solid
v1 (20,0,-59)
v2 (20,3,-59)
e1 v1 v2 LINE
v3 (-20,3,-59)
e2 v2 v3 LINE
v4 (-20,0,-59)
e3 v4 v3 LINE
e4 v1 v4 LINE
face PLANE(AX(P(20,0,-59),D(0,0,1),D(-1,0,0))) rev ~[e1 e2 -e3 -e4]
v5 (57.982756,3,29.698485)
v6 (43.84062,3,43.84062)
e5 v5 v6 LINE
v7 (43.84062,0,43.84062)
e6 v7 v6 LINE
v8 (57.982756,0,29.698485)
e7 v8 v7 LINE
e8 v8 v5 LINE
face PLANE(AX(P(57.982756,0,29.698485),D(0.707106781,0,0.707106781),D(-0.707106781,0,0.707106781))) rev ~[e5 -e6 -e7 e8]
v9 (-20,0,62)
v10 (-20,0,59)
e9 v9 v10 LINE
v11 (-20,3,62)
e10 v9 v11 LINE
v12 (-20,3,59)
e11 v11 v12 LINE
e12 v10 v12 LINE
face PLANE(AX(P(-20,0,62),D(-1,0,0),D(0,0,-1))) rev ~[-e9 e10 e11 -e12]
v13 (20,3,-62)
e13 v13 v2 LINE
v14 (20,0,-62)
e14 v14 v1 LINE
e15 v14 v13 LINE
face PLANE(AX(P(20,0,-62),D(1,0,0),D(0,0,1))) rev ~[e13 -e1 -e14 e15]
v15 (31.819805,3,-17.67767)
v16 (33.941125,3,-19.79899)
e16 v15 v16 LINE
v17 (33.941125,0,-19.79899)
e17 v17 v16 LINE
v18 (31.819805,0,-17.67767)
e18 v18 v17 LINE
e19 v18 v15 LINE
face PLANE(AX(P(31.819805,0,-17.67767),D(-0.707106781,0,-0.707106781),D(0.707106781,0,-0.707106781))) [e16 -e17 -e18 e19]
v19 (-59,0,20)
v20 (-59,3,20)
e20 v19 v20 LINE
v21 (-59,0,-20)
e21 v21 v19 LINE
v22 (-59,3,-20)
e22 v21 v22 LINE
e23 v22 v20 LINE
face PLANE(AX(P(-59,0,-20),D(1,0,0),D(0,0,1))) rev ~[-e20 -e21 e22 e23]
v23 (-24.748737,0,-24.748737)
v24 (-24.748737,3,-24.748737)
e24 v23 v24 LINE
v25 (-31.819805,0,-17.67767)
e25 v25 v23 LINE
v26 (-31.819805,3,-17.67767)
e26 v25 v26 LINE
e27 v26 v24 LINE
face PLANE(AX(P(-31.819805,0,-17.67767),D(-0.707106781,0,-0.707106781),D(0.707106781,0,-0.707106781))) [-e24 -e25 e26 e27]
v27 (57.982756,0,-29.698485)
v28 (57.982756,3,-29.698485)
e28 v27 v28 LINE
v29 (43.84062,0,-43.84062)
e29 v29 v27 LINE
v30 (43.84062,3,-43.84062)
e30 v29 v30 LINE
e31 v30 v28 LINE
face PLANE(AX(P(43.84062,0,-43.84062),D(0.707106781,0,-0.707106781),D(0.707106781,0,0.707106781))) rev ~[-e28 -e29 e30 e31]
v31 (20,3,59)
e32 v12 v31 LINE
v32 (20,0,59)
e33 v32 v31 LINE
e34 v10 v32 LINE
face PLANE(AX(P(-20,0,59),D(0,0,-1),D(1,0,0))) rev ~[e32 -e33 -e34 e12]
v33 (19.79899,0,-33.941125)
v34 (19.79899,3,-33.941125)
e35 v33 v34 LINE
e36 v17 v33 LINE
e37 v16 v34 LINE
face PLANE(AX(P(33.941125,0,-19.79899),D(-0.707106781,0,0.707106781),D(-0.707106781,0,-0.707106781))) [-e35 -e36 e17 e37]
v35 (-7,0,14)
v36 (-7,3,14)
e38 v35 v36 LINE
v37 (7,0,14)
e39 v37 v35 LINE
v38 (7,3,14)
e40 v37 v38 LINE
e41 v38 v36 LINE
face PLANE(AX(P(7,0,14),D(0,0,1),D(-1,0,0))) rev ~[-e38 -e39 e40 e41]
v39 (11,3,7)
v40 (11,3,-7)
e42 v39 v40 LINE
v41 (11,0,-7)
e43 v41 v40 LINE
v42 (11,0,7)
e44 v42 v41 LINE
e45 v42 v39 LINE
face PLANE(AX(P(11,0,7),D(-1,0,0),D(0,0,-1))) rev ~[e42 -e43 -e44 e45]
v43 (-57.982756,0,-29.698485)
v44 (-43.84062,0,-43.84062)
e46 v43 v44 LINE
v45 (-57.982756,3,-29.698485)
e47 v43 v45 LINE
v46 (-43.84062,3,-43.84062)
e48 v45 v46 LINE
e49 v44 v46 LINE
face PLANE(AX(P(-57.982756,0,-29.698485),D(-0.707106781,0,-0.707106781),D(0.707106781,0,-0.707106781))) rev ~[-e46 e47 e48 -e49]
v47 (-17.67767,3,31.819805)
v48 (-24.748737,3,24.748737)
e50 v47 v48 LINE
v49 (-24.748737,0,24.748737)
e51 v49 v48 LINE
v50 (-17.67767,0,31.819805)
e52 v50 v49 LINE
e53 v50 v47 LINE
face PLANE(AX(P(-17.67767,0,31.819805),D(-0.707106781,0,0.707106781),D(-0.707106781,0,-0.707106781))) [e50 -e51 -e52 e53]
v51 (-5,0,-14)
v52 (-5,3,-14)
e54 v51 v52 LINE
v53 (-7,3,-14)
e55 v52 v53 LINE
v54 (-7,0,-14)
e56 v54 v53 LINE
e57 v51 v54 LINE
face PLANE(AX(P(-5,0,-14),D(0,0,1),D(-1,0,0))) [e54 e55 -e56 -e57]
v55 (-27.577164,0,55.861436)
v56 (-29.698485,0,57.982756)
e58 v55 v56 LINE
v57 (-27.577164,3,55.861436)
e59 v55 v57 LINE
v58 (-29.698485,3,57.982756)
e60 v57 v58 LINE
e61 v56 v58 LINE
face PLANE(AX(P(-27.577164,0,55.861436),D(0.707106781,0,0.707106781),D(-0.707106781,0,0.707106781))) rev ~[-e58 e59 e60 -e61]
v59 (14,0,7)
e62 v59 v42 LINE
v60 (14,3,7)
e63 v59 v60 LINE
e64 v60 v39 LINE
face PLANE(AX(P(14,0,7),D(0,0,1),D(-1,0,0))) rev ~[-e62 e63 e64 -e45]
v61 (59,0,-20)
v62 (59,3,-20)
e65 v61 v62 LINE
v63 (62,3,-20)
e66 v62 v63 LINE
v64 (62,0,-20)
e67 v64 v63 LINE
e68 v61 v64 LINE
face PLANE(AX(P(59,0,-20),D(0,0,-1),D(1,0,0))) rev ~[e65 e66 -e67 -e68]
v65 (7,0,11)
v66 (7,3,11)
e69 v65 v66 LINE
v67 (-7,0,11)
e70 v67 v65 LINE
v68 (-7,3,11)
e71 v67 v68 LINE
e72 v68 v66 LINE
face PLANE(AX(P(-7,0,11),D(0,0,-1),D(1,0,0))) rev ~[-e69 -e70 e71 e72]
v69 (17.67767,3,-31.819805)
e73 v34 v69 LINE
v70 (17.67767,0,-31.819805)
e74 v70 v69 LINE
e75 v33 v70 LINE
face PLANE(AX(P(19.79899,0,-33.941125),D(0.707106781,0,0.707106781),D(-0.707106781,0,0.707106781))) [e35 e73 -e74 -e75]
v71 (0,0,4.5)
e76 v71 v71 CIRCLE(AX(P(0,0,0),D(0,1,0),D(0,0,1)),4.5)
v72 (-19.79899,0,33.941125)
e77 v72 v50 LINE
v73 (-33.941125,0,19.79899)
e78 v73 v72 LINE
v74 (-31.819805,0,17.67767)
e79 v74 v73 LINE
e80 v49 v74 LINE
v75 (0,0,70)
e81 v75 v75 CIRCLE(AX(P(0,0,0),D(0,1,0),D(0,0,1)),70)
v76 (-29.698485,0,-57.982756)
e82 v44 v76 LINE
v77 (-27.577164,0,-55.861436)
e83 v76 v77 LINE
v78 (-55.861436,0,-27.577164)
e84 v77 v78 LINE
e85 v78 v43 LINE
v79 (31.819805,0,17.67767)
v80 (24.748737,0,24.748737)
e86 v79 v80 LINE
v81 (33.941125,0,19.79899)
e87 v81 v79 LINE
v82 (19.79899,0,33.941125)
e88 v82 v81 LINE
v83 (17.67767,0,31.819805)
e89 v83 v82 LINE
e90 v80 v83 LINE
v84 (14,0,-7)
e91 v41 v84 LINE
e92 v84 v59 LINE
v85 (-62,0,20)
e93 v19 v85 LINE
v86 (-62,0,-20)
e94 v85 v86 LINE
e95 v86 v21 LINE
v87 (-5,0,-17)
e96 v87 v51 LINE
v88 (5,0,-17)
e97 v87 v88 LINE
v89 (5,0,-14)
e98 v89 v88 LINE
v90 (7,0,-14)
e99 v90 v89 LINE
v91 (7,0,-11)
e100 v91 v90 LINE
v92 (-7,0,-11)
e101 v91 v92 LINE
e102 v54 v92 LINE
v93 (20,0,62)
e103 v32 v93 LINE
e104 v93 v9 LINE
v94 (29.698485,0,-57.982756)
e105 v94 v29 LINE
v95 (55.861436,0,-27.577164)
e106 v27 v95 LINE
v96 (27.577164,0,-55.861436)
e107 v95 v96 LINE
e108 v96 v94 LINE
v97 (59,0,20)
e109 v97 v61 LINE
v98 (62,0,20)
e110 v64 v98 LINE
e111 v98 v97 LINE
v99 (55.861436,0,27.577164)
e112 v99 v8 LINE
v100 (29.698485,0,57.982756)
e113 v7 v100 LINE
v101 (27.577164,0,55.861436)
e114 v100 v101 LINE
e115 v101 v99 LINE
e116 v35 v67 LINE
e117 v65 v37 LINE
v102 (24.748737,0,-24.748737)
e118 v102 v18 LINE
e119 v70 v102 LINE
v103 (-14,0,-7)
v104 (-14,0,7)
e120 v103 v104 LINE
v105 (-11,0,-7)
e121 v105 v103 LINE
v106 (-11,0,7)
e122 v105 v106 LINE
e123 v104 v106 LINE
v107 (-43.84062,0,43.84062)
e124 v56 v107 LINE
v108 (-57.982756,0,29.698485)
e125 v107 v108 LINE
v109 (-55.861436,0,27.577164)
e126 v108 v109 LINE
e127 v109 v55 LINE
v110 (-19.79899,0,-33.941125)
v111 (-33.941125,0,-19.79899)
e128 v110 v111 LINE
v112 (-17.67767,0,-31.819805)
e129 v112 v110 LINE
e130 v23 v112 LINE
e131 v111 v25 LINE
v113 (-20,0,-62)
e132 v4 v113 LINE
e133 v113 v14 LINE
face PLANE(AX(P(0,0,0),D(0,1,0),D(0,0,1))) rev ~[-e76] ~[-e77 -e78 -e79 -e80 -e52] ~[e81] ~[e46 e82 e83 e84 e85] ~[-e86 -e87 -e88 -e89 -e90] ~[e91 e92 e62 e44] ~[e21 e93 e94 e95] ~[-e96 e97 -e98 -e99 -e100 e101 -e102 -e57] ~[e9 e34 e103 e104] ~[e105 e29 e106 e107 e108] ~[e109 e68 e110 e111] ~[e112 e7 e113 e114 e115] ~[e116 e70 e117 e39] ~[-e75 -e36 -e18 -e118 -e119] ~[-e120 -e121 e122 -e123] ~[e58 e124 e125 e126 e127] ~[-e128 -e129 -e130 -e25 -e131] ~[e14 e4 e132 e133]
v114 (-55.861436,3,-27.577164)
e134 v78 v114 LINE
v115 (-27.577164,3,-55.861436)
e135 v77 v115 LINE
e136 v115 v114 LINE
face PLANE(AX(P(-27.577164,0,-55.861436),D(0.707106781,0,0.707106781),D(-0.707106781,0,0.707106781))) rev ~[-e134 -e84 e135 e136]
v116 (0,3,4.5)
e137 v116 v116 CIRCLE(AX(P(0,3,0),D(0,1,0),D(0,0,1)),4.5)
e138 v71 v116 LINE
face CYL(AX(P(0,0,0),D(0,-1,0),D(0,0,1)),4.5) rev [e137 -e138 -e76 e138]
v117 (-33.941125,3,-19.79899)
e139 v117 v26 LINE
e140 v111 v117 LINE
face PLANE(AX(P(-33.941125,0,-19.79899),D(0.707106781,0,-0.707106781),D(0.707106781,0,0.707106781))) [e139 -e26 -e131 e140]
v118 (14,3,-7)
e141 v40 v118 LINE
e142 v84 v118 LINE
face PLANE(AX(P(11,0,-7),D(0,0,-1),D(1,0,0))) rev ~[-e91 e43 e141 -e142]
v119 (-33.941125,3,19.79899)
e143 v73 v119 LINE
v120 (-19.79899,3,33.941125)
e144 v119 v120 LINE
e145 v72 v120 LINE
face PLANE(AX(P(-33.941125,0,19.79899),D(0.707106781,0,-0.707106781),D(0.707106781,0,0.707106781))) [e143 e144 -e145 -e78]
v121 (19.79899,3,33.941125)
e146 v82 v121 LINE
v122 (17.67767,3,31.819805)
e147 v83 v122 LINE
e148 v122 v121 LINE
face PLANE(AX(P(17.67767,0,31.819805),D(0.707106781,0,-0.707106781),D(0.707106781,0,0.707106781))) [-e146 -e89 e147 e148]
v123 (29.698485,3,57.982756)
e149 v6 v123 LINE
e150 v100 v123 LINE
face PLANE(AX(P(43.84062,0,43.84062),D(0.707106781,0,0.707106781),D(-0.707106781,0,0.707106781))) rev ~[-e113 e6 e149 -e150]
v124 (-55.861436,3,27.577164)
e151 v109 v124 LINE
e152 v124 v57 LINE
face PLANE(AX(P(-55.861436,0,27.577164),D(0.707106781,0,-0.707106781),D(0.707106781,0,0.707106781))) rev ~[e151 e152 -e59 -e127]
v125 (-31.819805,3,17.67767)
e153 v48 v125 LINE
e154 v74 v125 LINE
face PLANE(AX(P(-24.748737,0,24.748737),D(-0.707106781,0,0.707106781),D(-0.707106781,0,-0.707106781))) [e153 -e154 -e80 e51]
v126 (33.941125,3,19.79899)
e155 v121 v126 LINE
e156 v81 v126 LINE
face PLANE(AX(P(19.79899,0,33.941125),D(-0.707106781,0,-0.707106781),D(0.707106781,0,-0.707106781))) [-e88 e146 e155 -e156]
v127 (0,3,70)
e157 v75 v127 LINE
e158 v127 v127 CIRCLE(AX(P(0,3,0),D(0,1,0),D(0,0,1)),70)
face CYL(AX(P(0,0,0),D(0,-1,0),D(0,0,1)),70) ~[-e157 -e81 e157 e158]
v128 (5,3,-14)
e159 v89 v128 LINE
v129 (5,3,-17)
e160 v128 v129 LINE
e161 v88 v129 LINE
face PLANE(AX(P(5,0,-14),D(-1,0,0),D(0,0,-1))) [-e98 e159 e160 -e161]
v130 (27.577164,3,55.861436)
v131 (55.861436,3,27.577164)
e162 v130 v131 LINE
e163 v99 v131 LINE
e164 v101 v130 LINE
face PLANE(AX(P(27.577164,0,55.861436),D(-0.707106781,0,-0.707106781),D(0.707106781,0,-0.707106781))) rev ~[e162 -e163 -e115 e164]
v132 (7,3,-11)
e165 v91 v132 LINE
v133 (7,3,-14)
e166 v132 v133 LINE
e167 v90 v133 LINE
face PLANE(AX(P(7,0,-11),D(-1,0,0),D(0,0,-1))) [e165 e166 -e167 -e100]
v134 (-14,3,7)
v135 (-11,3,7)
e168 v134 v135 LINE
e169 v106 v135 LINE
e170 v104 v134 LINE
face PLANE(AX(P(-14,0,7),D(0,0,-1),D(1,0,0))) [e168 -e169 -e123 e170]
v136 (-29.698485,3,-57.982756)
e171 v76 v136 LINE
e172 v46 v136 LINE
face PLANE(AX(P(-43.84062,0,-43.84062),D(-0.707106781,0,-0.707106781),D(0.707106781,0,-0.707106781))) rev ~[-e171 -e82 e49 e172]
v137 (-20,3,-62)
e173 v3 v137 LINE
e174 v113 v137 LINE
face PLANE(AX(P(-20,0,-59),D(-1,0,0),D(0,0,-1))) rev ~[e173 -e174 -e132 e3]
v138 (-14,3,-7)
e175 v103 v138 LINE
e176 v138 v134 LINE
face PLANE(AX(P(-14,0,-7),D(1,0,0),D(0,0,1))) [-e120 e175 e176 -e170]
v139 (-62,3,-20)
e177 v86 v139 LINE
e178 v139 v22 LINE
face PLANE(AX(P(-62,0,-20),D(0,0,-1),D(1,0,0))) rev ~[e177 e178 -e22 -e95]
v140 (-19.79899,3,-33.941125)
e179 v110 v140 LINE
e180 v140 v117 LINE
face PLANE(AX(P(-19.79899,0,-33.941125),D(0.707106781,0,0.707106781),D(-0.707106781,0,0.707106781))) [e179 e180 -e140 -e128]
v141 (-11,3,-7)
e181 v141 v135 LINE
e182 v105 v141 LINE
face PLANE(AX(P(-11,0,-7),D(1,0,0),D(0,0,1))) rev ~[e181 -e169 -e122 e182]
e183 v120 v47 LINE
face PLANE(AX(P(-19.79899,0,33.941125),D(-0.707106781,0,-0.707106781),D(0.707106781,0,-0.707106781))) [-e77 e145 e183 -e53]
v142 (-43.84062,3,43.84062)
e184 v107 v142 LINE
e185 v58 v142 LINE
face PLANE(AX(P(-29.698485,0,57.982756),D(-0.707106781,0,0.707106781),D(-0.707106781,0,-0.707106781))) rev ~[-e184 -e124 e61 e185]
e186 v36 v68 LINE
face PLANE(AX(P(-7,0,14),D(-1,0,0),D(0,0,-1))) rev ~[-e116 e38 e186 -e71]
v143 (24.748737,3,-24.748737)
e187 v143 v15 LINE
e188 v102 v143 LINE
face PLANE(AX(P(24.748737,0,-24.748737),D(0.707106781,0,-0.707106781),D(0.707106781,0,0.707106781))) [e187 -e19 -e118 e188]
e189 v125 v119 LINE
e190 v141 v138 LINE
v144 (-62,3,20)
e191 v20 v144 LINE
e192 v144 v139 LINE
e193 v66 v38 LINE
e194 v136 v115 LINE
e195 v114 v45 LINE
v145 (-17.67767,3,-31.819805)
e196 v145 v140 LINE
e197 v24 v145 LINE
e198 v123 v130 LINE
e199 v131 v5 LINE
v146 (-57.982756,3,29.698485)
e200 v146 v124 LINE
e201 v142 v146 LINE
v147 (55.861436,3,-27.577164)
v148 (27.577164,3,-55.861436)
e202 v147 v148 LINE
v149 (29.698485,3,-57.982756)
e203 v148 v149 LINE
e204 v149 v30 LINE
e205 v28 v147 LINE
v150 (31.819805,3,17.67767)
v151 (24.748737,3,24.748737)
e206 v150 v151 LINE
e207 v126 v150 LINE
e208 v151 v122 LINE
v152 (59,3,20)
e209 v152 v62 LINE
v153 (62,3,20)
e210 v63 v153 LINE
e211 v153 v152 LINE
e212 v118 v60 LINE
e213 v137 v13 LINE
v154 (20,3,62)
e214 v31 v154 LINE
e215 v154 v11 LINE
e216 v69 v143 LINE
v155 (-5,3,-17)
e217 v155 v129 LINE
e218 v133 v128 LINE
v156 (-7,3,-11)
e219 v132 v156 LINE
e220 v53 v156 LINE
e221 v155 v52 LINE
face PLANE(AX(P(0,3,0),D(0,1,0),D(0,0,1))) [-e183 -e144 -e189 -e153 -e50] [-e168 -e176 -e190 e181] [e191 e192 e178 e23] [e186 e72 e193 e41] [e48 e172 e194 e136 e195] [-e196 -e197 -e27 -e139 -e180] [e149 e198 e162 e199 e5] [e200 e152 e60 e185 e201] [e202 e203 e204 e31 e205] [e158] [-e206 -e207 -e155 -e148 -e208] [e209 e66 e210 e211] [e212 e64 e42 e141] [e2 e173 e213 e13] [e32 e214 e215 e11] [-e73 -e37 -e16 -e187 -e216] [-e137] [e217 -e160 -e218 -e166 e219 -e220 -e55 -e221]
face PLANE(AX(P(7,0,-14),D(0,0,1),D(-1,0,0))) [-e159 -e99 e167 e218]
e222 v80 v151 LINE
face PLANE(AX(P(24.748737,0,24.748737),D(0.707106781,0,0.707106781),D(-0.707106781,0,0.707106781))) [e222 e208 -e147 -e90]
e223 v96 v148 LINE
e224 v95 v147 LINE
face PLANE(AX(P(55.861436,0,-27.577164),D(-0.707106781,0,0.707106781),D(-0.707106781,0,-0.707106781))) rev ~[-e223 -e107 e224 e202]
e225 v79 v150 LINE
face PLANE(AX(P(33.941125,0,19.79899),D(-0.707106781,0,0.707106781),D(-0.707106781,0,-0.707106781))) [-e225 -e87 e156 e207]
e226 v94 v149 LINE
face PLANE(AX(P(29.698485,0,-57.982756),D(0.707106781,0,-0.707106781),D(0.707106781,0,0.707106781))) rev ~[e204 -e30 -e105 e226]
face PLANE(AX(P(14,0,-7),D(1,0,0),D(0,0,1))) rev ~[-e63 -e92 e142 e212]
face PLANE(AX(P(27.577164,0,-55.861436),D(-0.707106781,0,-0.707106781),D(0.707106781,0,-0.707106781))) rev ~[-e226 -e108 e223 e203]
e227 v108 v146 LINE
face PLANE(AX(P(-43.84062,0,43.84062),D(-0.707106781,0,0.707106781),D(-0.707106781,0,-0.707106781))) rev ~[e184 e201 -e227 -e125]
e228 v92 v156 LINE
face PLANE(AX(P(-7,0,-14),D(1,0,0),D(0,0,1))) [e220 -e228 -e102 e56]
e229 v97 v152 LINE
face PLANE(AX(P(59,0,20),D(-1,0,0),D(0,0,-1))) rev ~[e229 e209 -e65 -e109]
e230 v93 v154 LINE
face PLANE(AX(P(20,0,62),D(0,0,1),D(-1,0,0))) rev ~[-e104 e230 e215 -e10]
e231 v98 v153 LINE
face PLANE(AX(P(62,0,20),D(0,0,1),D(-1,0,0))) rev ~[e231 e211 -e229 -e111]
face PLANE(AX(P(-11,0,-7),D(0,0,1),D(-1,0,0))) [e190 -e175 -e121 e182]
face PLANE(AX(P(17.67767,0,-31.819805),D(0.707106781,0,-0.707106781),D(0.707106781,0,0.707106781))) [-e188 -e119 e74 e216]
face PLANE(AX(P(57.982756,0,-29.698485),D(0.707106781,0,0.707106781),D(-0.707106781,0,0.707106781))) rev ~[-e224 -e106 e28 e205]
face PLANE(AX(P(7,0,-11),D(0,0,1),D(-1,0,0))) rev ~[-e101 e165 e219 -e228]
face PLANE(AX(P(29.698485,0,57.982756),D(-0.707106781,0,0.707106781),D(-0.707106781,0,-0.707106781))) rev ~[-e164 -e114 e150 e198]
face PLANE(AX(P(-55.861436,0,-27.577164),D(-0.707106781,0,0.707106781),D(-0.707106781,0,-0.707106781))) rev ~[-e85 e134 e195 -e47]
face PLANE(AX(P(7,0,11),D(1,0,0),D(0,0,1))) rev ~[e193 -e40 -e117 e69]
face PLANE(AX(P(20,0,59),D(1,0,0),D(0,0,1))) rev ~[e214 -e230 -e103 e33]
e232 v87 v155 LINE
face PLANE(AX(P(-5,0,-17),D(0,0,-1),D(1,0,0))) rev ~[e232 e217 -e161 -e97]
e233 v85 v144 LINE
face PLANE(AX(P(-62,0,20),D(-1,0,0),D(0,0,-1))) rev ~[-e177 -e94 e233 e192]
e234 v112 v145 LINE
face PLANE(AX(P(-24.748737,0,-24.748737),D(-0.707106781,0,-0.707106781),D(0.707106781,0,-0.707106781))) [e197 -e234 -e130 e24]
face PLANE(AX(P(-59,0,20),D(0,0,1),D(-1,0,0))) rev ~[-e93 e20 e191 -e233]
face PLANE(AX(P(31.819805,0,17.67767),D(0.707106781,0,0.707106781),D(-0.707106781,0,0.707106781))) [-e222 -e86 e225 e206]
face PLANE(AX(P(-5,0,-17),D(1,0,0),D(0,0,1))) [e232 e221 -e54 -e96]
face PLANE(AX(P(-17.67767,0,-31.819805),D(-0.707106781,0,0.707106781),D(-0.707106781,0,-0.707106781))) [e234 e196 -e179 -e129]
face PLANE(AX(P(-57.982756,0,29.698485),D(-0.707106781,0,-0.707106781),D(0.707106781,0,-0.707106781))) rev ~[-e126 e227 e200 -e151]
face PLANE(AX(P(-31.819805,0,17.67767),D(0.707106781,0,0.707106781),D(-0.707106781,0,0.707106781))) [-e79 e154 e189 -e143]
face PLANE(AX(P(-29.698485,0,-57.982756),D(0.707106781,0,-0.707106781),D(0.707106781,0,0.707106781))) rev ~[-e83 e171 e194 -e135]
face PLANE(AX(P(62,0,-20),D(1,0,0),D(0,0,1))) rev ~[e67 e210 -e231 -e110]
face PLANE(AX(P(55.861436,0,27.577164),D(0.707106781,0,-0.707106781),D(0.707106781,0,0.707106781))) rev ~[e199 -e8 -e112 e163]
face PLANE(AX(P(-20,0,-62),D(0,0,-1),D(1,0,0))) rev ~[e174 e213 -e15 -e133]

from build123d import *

# Parameters (mm, degrees)
CROQUIS1_R              = 70
CROQUIS1_R_2            = 4.5
SALIENTE_EXTRUIR1_DEPTH = 3


with BuildPart() as part:
    # Croquis1 → Saliente-Extruir1 (new body)
    with BuildSketch(Plane(origin=(0, 0, 0), x_dir=(1, 0, 0), z_dir=(0, 1, 0))):
        with Locations(Location((0, 0, 0), (0, 0, 270))):
            Circle(CROQUIS1_R)
        with Locations(Location((0, 0, 0), (0, 0, 270))):
            Circle(CROQUIS1_R_2, mode=Mode.SUBTRACT)
        Polygon((0, 11), (7, 11), (7, 14), (5, 14), (5, 17), (0, 17), (-5, 17), (-5, 14), (-7, 14), (-7, 11), align=None, mode=Mode.SUBTRACT)
        Polygon((24.748737342, 24.748737342), (31.819805153, 17.67766953), (33.941125497, 19.798989873), (19.798989873, 33.941125497), (17.67766953, 31.819805153), align=None, mode=Mode.SUBTRACT)
        Polygon((11, 0), (11, 7), (14, 7), (14, -7), (11, -7), align=None, mode=Mode.SUBTRACT)
        Polygon((-24.748737342, 24.748737342), (-17.67766953, 31.819805153), (-19.798989873, 33.941125497), (-33.941125497, 19.798989873), (-31.819805153, 17.67766953), align=None, mode=Mode.SUBTRACT)
        Polygon((-14, -7), (-11, -7), (-11, 0), (-11, 7), (-14, 7), align=None, mode=Mode.SUBTRACT)
        Polygon((7, -11), (7, -14), (-7, -14), (-7, -11), (0, -11), align=None, mode=Mode.SUBTRACT)
        Polygon((24.748737342, -24.748737342), (17.67766953, -31.819805153), (19.798989873, -33.941125497), (33.941125497, -19.798989873), (31.819805153, -17.67766953), align=None, mode=Mode.SUBTRACT)
        Polygon((-24.748737342, -24.748737342), (-31.819805153, -17.67766953), (-33.941125497, -19.798989873), (-19.798989873, -33.941125497), (-17.67766953, -31.819805153), align=None, mode=Mode.SUBTRACT)
        Polygon((0, 62), (20, 62), (20, 59), (-20, 59), (-20, 62), align=None, mode=Mode.SUBTRACT)
        Polygon((55.861435714, 27.577164466), (27.577164466, 55.861435714), (29.69848481, 57.982756057), (43.840620434, 43.840620434), (57.982756057, 29.69848481), align=None, mode=Mode.SUBTRACT)
        Polygon((59, -20), (59, 20), (62, 20), (62, 0), (62, -20), align=None, mode=Mode.SUBTRACT)
        Polygon((27.577164466, -55.861435714), (55.861435714, -27.577164466), (57.982756057, -29.69848481), (43.840620434, -43.840620434), (29.69848481, -57.982756057), align=None, mode=Mode.SUBTRACT)
        Polygon((-20, -59), (20, -59), (20, -62), (0, -62), (-20, -62), align=None, mode=Mode.SUBTRACT)
        Polygon((-55.861435714, -27.577164466), (-27.577164466, -55.861435714), (-29.69848481, -57.982756057), (-43.840620434, -43.840620434), (-57.982756057, -29.69848481), align=None, mode=Mode.SUBTRACT)
        Polygon((-59, 20), (-59, -20), (-62, -20), (-62, 0), (-62, 20), align=None, mode=Mode.SUBTRACT)
        Polygon((-27.577164466, 55.861435714), (-55.861435714, 27.577164466), (-57.982756057, 29.69848481), (-43.840620434, 43.840620434), (-29.69848481, 57.982756057), align=None, mode=Mode.SUBTRACT)
    extrude(amount=SALIENTE_EXTRUIR1_DEPTH)


solid = part.part
